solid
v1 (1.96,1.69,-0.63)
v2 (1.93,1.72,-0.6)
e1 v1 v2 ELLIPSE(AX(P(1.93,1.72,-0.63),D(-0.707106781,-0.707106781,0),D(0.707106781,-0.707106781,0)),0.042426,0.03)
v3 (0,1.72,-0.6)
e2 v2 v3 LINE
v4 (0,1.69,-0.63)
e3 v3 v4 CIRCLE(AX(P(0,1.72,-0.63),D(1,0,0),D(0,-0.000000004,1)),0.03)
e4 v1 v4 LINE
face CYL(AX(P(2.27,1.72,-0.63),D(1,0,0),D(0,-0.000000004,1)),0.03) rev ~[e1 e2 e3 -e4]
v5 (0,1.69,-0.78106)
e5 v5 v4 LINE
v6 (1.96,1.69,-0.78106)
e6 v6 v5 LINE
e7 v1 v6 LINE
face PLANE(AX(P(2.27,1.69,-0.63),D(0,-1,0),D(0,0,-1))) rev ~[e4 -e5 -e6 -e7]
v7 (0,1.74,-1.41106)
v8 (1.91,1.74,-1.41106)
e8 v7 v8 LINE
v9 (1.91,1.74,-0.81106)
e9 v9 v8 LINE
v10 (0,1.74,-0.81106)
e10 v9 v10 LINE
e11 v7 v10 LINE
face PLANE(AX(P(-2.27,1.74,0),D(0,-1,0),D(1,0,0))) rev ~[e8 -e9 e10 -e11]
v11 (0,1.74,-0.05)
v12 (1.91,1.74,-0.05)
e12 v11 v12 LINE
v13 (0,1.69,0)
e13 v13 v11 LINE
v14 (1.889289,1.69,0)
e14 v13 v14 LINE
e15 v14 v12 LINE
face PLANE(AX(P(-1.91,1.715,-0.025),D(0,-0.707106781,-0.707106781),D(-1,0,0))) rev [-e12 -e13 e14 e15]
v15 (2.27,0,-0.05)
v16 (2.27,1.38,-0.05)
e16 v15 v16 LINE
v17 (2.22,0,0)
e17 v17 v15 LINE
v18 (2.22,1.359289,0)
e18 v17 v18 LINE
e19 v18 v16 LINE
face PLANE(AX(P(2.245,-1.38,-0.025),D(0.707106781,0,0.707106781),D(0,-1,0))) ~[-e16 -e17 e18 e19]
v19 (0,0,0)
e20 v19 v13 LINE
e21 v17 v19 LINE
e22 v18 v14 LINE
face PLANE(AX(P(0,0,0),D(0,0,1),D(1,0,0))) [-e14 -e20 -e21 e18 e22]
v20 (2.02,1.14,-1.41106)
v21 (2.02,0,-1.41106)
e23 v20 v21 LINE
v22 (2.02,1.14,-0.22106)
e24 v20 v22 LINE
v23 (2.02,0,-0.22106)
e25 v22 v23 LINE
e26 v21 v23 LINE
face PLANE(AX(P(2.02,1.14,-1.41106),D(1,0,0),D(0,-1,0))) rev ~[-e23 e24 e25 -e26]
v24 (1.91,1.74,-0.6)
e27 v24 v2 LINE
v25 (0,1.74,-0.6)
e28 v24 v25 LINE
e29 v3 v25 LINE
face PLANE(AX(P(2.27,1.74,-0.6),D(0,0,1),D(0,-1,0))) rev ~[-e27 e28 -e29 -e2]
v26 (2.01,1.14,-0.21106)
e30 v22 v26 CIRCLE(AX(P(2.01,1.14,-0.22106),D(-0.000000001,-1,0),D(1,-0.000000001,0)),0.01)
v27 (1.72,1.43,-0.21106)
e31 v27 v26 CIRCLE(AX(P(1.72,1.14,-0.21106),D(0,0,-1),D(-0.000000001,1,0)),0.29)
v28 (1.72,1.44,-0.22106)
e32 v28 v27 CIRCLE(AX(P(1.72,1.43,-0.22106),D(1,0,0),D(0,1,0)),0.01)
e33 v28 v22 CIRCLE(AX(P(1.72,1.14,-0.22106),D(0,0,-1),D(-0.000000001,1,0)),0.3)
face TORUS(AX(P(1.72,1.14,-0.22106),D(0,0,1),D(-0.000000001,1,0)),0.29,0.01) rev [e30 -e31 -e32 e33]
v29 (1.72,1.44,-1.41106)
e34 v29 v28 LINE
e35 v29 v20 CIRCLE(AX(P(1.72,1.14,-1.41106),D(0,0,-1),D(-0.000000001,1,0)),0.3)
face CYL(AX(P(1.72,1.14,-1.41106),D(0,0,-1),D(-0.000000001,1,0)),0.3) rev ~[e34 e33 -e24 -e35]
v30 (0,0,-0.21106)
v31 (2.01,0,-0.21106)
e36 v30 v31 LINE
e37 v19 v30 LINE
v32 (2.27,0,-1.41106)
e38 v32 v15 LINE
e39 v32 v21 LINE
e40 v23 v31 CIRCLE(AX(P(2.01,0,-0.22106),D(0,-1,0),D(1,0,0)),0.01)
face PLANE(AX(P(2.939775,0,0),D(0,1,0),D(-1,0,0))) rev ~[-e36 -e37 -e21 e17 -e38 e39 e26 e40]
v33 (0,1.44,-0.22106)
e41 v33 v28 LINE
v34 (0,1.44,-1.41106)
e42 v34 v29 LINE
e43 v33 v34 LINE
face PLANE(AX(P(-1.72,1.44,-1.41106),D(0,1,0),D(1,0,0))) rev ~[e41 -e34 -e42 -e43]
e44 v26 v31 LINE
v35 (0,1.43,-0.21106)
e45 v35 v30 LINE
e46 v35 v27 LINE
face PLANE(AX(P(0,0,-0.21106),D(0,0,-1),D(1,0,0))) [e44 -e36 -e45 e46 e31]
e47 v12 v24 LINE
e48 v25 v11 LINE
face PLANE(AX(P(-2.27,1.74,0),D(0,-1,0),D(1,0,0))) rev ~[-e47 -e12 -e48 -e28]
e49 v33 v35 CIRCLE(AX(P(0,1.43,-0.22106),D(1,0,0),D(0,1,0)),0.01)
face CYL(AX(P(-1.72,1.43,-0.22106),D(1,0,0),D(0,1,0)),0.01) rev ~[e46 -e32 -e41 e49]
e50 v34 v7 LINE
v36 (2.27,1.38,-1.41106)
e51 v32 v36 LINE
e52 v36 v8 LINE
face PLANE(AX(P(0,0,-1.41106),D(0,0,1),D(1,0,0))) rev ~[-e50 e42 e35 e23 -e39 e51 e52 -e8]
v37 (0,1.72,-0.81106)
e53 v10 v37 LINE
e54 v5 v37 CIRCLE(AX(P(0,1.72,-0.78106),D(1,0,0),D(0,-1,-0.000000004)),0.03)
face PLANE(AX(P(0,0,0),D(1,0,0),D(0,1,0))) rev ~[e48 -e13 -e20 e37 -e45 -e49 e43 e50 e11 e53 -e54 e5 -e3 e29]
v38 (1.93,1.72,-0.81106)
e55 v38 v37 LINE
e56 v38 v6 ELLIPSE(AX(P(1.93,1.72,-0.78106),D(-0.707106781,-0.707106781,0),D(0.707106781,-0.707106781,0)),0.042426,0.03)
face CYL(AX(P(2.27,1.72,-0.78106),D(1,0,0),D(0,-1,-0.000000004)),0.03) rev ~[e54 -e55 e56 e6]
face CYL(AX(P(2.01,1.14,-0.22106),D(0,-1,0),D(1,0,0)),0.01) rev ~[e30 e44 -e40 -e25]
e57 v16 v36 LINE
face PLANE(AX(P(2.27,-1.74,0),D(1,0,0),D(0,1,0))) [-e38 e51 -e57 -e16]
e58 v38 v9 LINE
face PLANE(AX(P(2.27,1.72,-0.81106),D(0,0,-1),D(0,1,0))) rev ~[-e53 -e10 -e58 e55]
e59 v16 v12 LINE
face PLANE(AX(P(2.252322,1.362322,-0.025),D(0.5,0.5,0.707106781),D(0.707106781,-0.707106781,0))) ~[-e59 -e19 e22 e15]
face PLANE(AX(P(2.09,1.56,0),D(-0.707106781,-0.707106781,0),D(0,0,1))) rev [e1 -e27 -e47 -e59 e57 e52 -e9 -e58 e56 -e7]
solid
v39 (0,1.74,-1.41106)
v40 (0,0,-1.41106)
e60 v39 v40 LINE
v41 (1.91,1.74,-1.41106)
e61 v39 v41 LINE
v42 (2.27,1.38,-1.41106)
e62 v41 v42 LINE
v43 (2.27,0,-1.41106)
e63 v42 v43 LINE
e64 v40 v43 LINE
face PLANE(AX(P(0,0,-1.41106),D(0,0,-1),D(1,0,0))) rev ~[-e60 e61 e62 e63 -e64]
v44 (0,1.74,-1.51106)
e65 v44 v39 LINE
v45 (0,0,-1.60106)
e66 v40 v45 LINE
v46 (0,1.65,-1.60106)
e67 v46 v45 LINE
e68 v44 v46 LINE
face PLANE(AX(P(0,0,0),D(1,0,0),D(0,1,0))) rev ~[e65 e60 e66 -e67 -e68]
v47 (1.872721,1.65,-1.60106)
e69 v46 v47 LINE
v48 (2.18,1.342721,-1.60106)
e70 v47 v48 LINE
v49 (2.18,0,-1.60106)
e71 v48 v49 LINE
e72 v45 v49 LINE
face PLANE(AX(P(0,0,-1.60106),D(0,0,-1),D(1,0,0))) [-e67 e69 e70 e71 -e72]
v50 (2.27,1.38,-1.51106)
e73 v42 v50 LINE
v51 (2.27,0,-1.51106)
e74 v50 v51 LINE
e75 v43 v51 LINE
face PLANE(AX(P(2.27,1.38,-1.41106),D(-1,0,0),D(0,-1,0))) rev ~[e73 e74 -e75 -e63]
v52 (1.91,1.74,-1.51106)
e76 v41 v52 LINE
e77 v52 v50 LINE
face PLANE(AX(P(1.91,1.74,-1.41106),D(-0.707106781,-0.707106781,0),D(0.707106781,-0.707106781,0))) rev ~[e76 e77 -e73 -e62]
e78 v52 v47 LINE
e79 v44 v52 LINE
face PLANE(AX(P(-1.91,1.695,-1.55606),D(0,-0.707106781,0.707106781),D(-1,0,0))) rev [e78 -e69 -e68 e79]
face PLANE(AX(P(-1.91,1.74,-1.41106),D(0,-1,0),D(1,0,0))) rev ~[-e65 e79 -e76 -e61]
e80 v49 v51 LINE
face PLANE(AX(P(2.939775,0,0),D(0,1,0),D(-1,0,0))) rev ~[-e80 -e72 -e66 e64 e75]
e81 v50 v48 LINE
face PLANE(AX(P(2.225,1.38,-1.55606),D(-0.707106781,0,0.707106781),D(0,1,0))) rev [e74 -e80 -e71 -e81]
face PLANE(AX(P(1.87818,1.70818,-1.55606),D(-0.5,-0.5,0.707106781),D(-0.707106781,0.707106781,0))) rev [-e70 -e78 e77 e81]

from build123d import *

# Parameters (mm, degrees)
F0_W      = 4.54
F0_H      = 3.48
F1_DEPTH  = 1.41106
F2_SIZE   = 0.36
F3_SIZE2  = 0.05
F3_SIZE   = 0.05
F5_DEPTH  = 4.541
F7_DEPTH  = 1.2
F8_R      = 0.01
F10_DEPTH = 0.19
F11_SIZE  = 0.09
F13_DEPTH = 25


with BuildPart() as f1:
    # F0 (on Top) → F1 (new body)
    with BuildSketch(Plane.XY):
        Rectangle(F0_W, F0_H)
    extrude(amount=-F1_DEPTH)

    # F2
    f2_edges = [f1.edges().sort_by_distance(p)[0] for p in [
        (-2.27, 1.74, -0.70553),
        (-2.27, -1.74, -0.70553),
        (2.27, 1.74, -0.70553),
        (2.27, -1.74, -0.70553),
    ]]
    chamfer(f2_edges, length=F2_SIZE)

    # F3
    f3_edges = [f1.edges().sort_by_distance(p)[0] for p in [
        (-2.27, 0, 0),
        (-2.09, 1.56, 0),
        (0, 1.74, 0),
        (2.09, 1.56, 0),
        (2.27, 0, 0),
        (2.09, -1.56, 0),
        (0, -1.74, 0),
        (-2.09, -1.56, 0),
    ]]
    chamfer(f3_edges, length=F3_SIZE, length2=F3_SIZE2)

    # F4 (on face) → F5 (cut, through all)
    with BuildSketch(Plane.YZ.offset(2.27)):
        with BuildLine():
            Line((-1.72, -0.6), (-1.74, -0.6))
            Line((-1.74, -0.6), (-1.74, -0.81106))
            Line((-1.74, -0.81106), (-1.72, -0.81106))
            ThreePointArc((-1.72, -0.81106), (-1.6987867966, -0.8022732034), (-1.69, -0.78106))
            Line((-1.69, -0.78106), (-1.69, -0.63))
            ThreePointArc((-1.69, -0.63), (-1.6987867966, -0.6087867966), (-1.72, -0.6))
        make_face()
        with BuildLine():
            Line((1.74, -0.81106), (1.74, -0.6))
            Line((1.74, -0.6), (1.72, -0.6))
            ThreePointArc((1.72, -0.6), (1.6987867966, -0.6087867966), (1.69, -0.63))
            Line((1.69, -0.63), (1.69, -0.78106))
            ThreePointArc((1.69, -0.78106), (1.6987867966, -0.8022732034), (1.72, -0.81106))
            Line((1.72, -0.81106), (1.74, -0.81106))
        make_face()
    extrude(amount=-F5_DEPTH, mode=Mode.SUBTRACT)

    # F6 (on face) → F7 (cut)
    with BuildSketch(Plane(origin=(0, 0, -1.41106), x_dir=(1, 0, 0), z_dir=(0, 0, -1))):
        with BuildLine():
            Line((1.72, 1.44), (-1.72, 1.44))
            ThreePointArc((-1.72, 1.44), (-1.9321320344, 1.3521320344), (-2.02, 1.14))
            Line((-2.02, 1.14), (-2.02, -1.14))
            ThreePointArc((-2.02, -1.14), (-1.9321320344, -1.3521320344), (-1.72, -1.44))
            Line((-1.72, -1.44), (1.72, -1.44))
            ThreePointArc((1.72, -1.44), (1.9321320344, -1.3521320344), (2.02, -1.14))
            Line((2.02, -1.14), (2.02, 1.14))
            ThreePointArc((2.02, 1.14), (1.9321320344, 1.3521320344), (1.72, 1.44))
        make_face()
    extrude(amount=-F7_DEPTH, mode=Mode.SUBTRACT)

    # F8
    f8_edges = [f1.edges().sort_by_distance(p)[0] for p in [
        (0, 1.44, -0.21106),
        (1.932132, 1.352132, -0.21106),
        (2.02, 0, -0.21106),
        (-1.932132, 1.352132, -0.21106),
        (1.932132, -1.352132, -0.21106),
        (0, -1.44, -0.21106),
        (-1.932132, -1.352132, -0.21106),
        (-2.02, 0, -0.21106),
    ]]
    fillet(f8_edges, radius=F8_R)


with BuildPart() as f10:
    # F9 (on face) → F10 (new body)
    with BuildSketch(Plane(origin=(0, 0, -1.41106), x_dir=(1, 0, 0), z_dir=(0, 0, -1))):
        Polygon((1.91, 1.74), (-1.91, 1.74), (-2.27, 1.38), (-2.27, -1.38), (-1.91, -1.74), (1.91, -1.74), (2.27, -1.38), (2.27, 1.38), align=None)
    extrude(amount=F10_DEPTH)

    # F11
    f11_edges = [f10.edges().sort_by_distance(p)[0] for p in [
        (-2.27, 0, -1.60106),
        (-2.09, -1.56, -1.60106),
        (0, -1.74, -1.60106),
        (2.09, -1.56, -1.60106),
        (2.27, 0, -1.60106),
        (2.09, 1.56, -1.60106),
        (0, 1.74, -1.60106),
        (-2.09, 1.56, -1.60106),
    ]]
    chamfer(f11_edges, length=F11_SIZE)


with BuildPart() as f13_tool:
    # F12 (on face) → F13 (new body)
    with BuildSketch(Plane.XY):
        Polygon((2.9397751205, 0), (0, 0), (0, 1.8302858807), (-2.3903283291, 1.8302858807), (-2.3903283291, -2.3388734553), (2.9397751205, -2.3388734553), align=None)
    extrude(amount=-F13_DEPTH)


with BuildPart() as f1_1:
    add(f1.part)

    # F13: cut by f13_tool
    add(f13_tool.part, mode=Mode.SUBTRACT)


with BuildPart() as f10_1:
    add(f10.part)

    # F13: cut by f13_tool
    add(f13_tool.part, mode=Mode.SUBTRACT)


solid = Compound([f1_1.part, f10_1.part])
